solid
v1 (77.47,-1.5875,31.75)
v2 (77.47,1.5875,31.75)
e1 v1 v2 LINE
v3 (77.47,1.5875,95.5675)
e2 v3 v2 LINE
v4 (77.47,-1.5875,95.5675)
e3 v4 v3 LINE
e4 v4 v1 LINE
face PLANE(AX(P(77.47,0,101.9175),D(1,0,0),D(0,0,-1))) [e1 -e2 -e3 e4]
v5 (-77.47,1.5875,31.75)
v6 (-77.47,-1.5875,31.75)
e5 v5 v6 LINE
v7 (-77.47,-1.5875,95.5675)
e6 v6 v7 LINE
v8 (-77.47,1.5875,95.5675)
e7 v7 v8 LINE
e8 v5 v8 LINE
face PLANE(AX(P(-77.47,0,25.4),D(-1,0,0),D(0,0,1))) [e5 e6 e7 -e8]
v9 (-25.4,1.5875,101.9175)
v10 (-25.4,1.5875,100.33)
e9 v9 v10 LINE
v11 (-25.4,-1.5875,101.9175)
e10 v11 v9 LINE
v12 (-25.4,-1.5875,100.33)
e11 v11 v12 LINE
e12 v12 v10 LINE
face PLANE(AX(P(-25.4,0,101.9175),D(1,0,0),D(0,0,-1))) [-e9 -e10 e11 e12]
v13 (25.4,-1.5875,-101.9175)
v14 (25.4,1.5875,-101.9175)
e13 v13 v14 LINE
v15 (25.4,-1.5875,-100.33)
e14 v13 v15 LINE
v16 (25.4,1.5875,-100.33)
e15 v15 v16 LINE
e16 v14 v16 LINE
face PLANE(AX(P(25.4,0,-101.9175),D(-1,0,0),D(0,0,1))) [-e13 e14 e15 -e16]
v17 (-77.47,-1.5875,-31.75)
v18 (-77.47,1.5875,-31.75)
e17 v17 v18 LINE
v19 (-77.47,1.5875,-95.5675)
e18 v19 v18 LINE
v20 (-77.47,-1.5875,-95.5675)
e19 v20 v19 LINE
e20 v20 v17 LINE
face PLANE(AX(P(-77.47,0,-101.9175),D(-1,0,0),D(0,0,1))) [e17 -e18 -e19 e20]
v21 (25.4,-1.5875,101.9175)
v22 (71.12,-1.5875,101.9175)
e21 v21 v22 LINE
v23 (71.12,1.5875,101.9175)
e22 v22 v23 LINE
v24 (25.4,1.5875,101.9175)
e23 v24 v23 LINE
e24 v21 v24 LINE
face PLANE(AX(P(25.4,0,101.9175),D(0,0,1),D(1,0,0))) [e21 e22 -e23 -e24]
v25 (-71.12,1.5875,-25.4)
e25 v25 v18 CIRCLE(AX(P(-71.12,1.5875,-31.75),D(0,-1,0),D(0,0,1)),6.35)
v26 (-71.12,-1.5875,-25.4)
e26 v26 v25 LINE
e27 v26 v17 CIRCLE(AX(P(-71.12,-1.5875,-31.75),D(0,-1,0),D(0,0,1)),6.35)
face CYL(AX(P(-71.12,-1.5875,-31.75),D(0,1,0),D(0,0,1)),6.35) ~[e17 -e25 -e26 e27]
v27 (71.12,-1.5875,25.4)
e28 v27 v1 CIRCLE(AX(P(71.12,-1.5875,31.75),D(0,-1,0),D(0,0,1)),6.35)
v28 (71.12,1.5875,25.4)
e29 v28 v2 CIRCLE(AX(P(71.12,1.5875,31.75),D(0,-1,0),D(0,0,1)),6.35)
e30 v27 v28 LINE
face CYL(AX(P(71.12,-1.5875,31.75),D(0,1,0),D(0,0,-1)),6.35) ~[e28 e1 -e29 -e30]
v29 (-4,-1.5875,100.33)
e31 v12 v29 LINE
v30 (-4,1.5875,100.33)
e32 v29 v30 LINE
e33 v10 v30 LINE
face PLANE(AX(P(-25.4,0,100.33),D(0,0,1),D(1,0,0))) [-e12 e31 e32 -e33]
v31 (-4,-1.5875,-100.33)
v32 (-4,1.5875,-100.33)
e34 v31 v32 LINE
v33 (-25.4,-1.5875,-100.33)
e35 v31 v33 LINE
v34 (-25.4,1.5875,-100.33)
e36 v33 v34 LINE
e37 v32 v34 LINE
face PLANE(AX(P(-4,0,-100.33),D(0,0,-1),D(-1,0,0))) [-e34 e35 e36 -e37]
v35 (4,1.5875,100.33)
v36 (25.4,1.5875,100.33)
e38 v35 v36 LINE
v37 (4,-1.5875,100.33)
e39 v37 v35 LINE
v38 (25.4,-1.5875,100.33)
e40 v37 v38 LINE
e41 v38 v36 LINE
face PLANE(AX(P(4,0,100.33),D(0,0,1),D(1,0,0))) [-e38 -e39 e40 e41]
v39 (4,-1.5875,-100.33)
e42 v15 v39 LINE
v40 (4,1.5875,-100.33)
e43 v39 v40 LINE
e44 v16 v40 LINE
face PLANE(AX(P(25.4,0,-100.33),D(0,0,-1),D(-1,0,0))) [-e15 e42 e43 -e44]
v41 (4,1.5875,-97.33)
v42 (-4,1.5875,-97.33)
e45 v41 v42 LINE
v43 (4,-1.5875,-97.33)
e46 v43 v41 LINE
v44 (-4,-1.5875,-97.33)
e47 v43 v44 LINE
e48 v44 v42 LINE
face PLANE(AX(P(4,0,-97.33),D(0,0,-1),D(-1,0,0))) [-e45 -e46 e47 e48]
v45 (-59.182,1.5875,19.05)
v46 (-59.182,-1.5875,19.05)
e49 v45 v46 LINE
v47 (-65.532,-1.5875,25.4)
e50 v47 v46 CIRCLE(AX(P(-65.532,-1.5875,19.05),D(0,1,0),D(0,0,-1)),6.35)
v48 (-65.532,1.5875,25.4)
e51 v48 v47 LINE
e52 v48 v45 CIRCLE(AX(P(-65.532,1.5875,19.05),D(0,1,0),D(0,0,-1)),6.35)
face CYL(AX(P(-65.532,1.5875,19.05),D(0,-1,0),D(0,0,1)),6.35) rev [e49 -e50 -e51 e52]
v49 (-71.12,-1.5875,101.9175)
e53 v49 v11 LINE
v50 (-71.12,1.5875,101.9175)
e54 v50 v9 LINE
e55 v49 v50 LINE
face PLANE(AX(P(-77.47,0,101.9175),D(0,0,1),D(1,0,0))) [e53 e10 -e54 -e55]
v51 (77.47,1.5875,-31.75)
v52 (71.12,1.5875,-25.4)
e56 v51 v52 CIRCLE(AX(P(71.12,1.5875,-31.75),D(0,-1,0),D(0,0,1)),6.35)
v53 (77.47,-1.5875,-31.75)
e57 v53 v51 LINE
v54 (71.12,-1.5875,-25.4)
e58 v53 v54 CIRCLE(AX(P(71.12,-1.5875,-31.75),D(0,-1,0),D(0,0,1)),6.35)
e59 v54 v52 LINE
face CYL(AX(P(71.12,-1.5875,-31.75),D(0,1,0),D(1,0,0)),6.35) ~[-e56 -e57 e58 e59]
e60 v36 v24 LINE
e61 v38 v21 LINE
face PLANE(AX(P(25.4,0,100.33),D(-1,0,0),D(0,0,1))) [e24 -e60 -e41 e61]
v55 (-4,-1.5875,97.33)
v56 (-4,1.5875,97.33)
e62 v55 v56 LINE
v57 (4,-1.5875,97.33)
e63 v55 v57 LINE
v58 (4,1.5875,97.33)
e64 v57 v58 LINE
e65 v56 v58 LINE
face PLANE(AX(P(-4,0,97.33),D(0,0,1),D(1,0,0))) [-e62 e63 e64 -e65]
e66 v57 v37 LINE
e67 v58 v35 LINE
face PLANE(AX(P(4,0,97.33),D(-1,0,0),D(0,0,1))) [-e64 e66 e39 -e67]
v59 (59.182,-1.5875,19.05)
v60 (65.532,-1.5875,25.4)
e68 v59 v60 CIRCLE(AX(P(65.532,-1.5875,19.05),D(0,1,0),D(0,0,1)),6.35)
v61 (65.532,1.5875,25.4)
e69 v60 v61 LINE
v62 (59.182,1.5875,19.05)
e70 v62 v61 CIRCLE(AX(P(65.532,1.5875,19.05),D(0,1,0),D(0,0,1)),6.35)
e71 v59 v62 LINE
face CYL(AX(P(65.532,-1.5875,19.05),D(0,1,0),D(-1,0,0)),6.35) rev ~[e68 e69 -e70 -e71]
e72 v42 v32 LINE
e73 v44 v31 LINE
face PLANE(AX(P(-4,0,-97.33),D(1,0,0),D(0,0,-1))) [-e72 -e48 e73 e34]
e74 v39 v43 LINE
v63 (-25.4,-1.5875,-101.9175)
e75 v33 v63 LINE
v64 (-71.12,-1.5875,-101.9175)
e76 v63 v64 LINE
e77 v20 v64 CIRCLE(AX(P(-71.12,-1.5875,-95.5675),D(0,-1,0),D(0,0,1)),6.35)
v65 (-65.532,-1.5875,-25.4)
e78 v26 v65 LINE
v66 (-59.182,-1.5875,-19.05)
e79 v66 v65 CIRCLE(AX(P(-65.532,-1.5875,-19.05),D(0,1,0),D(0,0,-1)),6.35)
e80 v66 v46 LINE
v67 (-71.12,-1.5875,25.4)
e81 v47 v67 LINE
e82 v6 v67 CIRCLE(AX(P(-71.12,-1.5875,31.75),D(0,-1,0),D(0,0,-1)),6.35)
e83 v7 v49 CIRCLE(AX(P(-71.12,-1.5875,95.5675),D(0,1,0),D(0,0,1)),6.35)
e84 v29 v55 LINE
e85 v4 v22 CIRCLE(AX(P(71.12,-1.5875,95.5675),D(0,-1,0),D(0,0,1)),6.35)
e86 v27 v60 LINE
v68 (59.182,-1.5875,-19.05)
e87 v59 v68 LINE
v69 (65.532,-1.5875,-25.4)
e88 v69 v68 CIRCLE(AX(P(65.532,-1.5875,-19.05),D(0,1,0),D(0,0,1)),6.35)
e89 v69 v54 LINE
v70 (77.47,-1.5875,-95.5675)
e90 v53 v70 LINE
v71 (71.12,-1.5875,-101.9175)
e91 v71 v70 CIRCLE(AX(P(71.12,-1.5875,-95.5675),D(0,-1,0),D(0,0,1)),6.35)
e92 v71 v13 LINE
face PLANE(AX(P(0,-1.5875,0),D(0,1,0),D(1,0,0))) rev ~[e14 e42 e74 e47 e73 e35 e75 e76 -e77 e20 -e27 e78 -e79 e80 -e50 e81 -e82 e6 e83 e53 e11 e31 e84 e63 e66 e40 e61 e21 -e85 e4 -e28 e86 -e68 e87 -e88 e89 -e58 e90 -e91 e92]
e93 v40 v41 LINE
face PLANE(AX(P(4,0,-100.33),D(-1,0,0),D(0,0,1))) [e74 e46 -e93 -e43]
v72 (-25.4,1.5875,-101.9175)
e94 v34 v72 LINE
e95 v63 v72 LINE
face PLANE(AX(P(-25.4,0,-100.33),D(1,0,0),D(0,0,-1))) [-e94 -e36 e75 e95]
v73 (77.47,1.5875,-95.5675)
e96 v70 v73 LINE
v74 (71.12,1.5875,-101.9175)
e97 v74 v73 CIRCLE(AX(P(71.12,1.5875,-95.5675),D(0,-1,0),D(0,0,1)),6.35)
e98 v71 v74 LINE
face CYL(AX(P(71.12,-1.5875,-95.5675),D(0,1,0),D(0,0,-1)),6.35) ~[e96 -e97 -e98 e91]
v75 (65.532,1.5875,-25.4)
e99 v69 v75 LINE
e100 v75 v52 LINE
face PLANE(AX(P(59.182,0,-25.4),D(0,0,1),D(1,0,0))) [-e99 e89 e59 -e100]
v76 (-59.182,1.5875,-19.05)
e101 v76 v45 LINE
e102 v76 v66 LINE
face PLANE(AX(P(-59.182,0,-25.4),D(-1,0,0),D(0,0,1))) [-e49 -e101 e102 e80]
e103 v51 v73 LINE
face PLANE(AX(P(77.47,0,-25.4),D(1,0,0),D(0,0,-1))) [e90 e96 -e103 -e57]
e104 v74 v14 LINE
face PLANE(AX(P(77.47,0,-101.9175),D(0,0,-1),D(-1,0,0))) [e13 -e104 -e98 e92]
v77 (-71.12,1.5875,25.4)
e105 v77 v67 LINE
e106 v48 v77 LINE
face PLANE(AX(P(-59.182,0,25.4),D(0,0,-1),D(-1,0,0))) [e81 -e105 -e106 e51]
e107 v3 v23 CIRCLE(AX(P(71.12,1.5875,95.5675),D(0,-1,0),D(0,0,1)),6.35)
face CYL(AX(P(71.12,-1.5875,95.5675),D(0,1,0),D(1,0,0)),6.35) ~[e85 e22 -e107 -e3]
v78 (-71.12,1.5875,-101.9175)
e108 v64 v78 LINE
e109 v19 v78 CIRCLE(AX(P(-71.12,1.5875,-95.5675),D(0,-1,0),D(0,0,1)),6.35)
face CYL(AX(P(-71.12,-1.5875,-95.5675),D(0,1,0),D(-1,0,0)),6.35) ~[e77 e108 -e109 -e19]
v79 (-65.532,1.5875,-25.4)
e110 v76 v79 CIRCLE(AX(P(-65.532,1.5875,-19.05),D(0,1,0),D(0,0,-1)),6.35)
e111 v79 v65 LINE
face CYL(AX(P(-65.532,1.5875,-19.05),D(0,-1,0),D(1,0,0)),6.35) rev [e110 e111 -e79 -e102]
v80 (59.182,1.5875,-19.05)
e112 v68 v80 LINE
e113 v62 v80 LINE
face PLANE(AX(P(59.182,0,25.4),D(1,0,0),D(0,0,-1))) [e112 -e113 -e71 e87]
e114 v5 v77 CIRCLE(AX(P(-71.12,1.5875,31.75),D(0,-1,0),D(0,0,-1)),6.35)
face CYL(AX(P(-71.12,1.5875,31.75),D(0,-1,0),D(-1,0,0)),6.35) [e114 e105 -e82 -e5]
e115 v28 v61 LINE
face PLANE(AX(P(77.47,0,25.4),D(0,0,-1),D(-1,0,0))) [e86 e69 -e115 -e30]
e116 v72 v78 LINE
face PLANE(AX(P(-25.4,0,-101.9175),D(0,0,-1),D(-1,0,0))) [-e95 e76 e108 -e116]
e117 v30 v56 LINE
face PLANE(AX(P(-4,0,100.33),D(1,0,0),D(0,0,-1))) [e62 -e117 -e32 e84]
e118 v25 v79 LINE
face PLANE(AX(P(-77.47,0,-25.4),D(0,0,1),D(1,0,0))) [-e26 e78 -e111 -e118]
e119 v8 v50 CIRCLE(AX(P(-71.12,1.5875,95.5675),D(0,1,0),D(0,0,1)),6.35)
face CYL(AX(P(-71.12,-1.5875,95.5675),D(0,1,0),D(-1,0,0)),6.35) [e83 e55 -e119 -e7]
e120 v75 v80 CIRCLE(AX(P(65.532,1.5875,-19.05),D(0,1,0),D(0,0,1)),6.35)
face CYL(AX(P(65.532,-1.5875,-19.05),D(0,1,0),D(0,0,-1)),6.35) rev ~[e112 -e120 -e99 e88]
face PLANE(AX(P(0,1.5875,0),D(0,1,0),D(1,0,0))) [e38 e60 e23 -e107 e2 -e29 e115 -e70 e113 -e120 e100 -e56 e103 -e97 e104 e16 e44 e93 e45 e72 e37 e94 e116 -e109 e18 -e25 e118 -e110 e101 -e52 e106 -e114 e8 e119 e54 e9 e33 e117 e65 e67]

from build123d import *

# Parameters (mm, degrees)
BOSS_EXTRUDE3_DEPTH = 1.5875
FILLET1_R           = 6.35


with BuildPart() as part:
    # Sketch3 → Boss-Extrude3 (new body, symmetric)
    with BuildSketch(Plane(origin=(0, 0, 0), x_dir=(1, 0, 0), z_dir=(0, 1, 0))):
        Polygon((-77.47, -25.4), (-77.47, -101.9175), (-25.4, -101.9175), (-25.4, -100.33), (-4, -100.33), (-4, -97.33), (4, -97.33), (4, -100.33), (25.4, -100.33), (25.4, -101.9175), (77.47, -101.9175), (77.47, -25.4), (59.182, -25.4), (59.182, 25.4), (77.47, 25.4), (77.47, 101.9175), (25.4, 101.9175), (25.4, 100.33), (4, 100.33), (4, 97.33), (-4, 97.33), (-4, 100.33), (-25.4, 100.33), (-25.4, 101.9175), (-77.47, 101.9175), (-77.47, 25.4), (-59.182, 25.4), (-59.182, -25.4), align=None)
    extrude(amount=BOSS_EXTRUDE3_DEPTH, both=True)

    # Fillet1
    fillet1_edges = [part.edges().sort_by_distance(p)[0] for p in [
        (-77.47, 0, -101.9175),
        (77.47, 0, -101.9175),
        (77.47, 0, -25.4),
        (59.182, 0, -25.4),
        (59.182, 0, 25.4),
        (77.47, 0, 25.4),
        (77.47, 0, 101.9175),
        (-77.47, 0, 101.9175),
        (-77.47, 0, 25.4),
        (-59.182, 0, 25.4),
        (-59.182, 0, -25.4),
        (-77.47, 0, -25.4),
    ]]
    fillet(fillet1_edges, radius=FILLET1_R)


solid = part.part
